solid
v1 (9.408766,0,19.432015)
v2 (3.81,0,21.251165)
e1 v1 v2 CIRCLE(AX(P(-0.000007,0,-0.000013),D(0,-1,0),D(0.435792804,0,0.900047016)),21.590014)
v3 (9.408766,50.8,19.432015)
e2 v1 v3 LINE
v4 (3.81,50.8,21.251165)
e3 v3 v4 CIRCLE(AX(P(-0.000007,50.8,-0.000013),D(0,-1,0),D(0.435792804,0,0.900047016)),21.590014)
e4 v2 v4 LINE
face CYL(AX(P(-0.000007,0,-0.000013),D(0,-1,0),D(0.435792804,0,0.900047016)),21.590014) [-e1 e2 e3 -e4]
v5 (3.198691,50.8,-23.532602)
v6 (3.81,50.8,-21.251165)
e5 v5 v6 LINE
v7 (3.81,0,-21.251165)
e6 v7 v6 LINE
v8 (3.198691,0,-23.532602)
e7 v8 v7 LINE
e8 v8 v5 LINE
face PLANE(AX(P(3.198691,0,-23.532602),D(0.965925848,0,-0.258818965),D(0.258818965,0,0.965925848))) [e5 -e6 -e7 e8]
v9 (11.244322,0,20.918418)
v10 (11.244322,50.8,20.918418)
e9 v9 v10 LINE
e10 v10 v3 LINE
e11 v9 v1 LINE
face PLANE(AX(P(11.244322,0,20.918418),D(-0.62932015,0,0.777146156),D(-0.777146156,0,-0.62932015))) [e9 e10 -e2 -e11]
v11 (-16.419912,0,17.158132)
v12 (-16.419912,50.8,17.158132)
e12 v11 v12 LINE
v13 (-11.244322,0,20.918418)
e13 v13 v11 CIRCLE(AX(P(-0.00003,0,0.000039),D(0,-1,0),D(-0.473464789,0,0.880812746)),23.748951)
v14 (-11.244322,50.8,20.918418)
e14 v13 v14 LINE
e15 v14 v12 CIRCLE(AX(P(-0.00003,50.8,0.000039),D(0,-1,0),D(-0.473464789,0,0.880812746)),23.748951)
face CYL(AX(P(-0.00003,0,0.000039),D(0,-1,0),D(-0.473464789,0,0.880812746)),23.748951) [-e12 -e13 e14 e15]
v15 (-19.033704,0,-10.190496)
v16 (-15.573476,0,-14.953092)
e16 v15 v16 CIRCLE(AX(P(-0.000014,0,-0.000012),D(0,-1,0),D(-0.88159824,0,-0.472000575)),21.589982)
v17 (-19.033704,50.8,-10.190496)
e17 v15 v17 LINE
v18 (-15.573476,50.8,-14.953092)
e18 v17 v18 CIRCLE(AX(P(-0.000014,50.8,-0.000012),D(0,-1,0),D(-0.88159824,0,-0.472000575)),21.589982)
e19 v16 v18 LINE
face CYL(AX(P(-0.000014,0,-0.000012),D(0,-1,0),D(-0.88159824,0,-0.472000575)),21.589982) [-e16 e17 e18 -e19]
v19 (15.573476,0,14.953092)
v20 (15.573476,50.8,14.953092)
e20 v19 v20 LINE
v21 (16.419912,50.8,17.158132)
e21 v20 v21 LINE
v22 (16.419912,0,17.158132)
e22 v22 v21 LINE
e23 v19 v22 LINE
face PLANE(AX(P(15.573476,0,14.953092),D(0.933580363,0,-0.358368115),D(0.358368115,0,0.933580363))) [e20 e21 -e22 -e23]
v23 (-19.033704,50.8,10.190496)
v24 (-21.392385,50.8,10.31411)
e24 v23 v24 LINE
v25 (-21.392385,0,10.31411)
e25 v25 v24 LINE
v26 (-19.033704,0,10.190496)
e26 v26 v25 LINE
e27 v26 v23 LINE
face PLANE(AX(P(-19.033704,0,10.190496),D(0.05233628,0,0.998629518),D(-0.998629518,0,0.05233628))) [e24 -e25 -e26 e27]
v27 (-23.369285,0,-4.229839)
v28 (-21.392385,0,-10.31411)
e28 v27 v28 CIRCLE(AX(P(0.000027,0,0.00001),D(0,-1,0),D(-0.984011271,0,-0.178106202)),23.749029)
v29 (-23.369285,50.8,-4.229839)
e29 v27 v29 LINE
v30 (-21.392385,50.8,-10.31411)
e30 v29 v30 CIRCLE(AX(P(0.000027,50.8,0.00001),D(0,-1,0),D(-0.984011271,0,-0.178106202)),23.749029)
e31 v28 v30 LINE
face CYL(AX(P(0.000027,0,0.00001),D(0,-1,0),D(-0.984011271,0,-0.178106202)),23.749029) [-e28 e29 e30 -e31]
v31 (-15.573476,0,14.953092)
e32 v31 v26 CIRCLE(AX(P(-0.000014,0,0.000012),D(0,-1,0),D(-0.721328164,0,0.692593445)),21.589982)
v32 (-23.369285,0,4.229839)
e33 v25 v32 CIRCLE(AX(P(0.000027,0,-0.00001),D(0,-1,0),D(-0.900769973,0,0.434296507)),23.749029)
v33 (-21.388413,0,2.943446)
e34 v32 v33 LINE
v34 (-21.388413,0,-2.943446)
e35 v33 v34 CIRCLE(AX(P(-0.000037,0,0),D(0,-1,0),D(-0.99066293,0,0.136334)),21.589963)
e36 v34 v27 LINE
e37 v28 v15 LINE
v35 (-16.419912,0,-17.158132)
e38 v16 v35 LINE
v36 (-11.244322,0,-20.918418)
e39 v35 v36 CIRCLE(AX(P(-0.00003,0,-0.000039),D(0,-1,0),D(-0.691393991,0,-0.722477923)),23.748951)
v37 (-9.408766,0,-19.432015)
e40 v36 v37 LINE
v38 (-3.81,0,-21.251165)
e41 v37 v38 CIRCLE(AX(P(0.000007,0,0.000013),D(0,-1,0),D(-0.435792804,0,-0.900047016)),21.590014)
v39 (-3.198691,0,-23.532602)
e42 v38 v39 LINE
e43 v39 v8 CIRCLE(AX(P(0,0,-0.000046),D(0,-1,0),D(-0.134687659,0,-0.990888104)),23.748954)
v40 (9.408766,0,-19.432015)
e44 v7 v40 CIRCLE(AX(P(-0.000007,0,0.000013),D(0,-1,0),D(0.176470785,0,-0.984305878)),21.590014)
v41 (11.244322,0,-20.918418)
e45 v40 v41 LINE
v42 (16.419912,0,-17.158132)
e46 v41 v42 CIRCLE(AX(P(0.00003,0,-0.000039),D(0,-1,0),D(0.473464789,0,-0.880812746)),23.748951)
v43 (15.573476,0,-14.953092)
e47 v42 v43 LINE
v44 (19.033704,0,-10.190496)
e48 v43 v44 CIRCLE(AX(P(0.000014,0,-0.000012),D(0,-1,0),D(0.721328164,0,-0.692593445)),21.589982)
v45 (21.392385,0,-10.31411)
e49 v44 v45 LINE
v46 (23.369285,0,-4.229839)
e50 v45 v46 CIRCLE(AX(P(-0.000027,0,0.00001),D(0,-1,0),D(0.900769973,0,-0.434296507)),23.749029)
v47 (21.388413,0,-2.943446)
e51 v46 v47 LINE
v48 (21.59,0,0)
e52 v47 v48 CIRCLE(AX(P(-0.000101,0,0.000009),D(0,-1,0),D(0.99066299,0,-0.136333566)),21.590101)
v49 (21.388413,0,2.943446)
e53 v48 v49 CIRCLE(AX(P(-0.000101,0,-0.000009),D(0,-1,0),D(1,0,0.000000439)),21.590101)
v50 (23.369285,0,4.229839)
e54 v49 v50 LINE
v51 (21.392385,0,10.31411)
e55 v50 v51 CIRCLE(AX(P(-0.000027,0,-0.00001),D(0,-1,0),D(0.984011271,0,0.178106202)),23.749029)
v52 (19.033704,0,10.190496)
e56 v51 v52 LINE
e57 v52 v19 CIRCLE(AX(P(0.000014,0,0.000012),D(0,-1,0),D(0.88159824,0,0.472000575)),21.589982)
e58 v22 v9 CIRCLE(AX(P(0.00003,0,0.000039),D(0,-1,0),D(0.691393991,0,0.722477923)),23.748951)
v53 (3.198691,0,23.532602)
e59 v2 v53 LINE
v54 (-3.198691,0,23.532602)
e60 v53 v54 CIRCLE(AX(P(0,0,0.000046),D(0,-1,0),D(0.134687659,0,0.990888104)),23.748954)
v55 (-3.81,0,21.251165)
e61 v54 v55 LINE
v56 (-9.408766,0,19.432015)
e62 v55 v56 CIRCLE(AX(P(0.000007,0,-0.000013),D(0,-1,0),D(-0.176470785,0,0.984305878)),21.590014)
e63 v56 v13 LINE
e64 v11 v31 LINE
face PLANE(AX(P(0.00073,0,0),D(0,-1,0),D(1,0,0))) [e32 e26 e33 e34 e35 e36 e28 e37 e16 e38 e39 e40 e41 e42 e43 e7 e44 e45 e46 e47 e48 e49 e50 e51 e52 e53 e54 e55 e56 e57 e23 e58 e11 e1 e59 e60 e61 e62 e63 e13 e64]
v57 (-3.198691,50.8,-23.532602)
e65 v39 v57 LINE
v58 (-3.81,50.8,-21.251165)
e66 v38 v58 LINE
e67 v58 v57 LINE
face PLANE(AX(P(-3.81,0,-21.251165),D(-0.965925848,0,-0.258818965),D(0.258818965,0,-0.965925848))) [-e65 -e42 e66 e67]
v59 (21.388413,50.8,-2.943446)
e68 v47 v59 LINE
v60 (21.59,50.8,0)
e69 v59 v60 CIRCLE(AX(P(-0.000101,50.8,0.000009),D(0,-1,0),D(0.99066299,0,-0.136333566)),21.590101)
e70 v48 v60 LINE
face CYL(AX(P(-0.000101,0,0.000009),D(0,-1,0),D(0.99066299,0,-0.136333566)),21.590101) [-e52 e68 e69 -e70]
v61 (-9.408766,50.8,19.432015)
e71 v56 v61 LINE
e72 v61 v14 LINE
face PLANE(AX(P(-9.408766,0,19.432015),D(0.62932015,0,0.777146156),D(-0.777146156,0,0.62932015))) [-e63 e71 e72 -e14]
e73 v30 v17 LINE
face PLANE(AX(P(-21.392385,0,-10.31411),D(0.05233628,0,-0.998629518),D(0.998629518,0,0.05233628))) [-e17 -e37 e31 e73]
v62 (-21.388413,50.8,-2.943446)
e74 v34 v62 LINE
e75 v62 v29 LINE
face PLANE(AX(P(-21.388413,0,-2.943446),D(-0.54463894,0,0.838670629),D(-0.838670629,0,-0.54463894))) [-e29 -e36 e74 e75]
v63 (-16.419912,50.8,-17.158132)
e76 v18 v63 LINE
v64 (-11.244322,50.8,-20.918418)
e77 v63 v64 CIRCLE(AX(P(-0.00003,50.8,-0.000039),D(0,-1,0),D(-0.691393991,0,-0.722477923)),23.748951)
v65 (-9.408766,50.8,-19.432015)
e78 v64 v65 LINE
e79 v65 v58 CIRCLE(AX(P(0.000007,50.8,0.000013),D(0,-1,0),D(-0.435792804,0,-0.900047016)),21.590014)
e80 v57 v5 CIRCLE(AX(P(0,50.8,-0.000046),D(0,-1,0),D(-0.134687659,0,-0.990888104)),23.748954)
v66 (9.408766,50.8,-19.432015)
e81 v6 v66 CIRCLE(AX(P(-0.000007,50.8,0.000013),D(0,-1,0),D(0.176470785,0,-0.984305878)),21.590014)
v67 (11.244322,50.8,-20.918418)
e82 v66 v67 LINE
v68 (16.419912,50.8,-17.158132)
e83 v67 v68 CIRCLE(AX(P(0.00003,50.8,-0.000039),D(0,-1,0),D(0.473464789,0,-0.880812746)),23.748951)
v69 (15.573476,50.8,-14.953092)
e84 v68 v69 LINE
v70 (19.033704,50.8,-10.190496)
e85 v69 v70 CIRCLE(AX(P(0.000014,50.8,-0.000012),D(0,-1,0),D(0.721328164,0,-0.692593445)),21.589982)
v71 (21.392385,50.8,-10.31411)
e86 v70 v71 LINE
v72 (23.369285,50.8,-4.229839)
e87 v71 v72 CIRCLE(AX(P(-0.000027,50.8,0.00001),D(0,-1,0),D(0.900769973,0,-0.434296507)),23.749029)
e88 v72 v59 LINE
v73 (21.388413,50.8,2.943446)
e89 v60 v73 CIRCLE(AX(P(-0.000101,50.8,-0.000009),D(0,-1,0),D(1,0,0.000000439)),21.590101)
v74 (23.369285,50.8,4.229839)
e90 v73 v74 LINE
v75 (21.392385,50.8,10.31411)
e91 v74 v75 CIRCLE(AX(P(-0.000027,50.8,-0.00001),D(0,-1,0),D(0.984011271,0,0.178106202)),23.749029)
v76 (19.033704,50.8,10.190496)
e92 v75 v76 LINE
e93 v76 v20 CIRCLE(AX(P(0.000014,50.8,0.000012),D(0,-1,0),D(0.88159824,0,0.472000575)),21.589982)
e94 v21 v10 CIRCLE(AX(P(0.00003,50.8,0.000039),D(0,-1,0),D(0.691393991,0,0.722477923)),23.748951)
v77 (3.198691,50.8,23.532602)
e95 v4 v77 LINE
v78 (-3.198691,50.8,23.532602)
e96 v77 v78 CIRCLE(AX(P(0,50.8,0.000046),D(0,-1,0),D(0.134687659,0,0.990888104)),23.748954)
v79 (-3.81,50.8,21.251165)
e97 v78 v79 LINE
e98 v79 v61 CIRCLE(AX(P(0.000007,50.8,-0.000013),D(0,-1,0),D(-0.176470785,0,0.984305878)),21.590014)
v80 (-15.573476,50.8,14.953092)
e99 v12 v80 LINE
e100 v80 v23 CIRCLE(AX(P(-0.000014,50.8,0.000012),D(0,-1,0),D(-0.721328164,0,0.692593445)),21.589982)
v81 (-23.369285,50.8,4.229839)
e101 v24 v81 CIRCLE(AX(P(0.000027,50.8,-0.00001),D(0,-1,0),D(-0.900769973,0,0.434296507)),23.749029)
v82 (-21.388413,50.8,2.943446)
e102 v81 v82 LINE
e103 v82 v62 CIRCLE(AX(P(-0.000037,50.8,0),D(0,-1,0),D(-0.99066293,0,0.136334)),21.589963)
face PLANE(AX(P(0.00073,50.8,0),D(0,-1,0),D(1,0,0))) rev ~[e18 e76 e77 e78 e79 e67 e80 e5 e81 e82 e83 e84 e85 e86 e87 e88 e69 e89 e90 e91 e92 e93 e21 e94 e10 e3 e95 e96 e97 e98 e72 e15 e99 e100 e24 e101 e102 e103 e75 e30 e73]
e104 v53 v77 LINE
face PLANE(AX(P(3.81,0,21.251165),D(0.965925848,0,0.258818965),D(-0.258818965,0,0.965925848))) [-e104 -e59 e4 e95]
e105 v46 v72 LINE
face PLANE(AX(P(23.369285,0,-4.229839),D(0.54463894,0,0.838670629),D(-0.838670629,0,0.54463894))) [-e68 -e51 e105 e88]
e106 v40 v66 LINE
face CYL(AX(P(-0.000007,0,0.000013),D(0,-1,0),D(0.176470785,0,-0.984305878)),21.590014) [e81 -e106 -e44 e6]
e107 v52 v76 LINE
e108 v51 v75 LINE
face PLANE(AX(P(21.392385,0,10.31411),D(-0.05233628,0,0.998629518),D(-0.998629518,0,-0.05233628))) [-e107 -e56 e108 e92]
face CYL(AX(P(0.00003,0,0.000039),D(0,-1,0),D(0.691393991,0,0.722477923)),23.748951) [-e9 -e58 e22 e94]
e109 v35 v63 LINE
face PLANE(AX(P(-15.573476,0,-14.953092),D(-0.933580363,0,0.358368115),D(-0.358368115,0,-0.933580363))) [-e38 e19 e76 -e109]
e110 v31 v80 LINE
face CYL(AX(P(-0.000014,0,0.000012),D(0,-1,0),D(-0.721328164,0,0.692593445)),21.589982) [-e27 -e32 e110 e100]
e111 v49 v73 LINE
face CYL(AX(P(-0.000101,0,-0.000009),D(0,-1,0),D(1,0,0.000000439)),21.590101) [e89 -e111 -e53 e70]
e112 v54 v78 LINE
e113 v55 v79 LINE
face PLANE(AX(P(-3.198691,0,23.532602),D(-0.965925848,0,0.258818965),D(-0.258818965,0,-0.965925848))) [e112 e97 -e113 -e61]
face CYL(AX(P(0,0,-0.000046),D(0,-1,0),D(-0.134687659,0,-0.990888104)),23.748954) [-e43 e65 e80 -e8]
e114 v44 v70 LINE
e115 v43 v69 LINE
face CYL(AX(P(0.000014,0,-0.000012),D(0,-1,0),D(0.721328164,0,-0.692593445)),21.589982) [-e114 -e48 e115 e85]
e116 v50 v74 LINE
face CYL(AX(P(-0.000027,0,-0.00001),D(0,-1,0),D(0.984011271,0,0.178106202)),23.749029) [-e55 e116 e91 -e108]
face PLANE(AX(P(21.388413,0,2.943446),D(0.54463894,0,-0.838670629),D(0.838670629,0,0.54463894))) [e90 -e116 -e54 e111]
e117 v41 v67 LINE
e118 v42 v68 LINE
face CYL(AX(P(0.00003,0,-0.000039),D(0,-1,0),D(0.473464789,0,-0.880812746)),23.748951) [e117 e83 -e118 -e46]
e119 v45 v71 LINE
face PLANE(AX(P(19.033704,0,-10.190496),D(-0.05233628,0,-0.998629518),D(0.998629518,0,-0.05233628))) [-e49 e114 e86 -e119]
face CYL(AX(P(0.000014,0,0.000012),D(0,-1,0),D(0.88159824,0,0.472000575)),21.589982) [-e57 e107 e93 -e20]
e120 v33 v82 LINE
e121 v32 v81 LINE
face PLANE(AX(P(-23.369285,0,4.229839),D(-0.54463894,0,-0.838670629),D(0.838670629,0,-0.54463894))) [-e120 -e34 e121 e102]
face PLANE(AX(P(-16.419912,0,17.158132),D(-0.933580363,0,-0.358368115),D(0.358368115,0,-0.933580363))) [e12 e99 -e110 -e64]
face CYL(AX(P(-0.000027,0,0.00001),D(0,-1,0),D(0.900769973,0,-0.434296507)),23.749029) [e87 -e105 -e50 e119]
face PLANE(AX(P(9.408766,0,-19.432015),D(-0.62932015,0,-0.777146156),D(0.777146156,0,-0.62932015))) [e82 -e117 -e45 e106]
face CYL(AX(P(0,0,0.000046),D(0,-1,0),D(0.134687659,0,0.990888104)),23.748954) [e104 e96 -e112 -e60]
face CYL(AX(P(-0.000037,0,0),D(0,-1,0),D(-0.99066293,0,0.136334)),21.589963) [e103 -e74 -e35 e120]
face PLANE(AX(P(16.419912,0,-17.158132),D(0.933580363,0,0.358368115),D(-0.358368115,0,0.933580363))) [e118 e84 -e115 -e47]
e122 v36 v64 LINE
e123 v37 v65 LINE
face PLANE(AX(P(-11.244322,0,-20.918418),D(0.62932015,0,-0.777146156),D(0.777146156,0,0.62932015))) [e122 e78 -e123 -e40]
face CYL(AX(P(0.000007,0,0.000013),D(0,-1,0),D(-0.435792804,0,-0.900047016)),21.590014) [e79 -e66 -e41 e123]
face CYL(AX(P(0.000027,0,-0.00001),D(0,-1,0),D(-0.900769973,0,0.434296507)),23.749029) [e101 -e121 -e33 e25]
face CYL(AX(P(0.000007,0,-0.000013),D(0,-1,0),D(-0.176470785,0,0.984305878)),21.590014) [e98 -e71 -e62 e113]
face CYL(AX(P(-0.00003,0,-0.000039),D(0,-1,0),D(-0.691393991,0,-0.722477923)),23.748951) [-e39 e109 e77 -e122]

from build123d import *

# Parameters (mm, degrees)
F1_DEPTH = 50.8


with BuildPart() as f1:
    # F0 (on Front) → F1 (new body)
    with BuildSketch(Plane.XZ):
        with BuildLine():
            ThreePointArc((21.388413, -2.943446), (21.539544, -1.47517), (21.59, 0))
            ThreePointArc((21.59, 0), (21.539544, 1.47517), (21.388413, 2.943446))
            ThreePointArc((21.388413, 2.943446), (20.53331, 6.671677), (19.033704, 10.190496))
            ThreePointArc((19.033704, 10.190496), (17.466677, 12.690284), (15.573476, 14.953092))
            ThreePointArc((15.573476, 14.953092), (12.690284, 17.466677), (9.408766, 19.432015))
            ThreePointArc((9.408766, 19.432015), (6.671677, 20.53331), (3.81, 21.251165))
            ThreePointArc((3.81, 21.251165), (0, 21.59), (-3.81, 21.251165))
            ThreePointArc((-3.81, 21.251165), (-6.671677, 20.53331), (-9.408766, 19.432015))
            ThreePointArc((-9.408766, 19.432015), (-12.690284, 17.466677), (-15.573476, 14.953092))
            ThreePointArc((-15.573476, 14.953092), (-17.466677, 12.690284), (-19.033704, 10.190496))
            ThreePointArc((-19.033704, 10.190496), (-20.53331, 6.671677), (-21.388413, 2.943446))
            ThreePointArc((-21.388413, 2.943446), (-21.59, 0), (-21.388413, -2.943446))
            ThreePointArc((-21.388413, -2.943446), (-20.53331, -6.671677), (-19.033704, -10.190496))
            ThreePointArc((-19.033704, -10.190496), (-17.466677, -12.690284), (-15.573476, -14.953092))
            ThreePointArc((-15.573476, -14.953092), (-12.690284, -17.466677), (-9.408766, -19.432015))
            ThreePointArc((-9.408766, -19.432015), (-6.671677, -20.53331), (-3.81, -21.251165))
            ThreePointArc((-3.81, -21.251165), (0, -21.59), (3.81, -21.251165))
            ThreePointArc((3.81, -21.251165), (6.671677, -20.53331), (9.408766, -19.432015))
            ThreePointArc((9.408766, -19.432015), (12.690284, -17.466677), (15.573476, -14.953092))
            ThreePointArc((15.573476, -14.953092), (17.466677, -12.690284), (19.033704, -10.190496))
            ThreePointArc((19.033704, -10.190496), (20.53331, -6.671677), (21.388413, -2.943446))
        make_face()
        with BuildLine():
            ThreePointArc((-3.81, 21.251165), (0, 21.59), (3.81, 21.251165))
            Line((3.81, 21.251165), (3.198691, 23.532602))
            ThreePointArc((3.198691, 23.532602), (0, 23.749), (-3.198691, 23.532602))
            Line((-3.198691, 23.532602), (-3.81, 21.251165))
        make_face()
        with BuildLine():
            ThreePointArc((9.408766, 19.432015), (12.690284, 17.466677), (15.573476, 14.953092))
            Line((15.573476, 14.953092), (16.419912, 17.158132))
            ThreePointArc((16.419912, 17.158132), (13.959312, 19.213345), (11.244322, 20.918418))
            Line((11.244322, 20.918418), (9.408766, 19.432015))
        make_face()
        with BuildLine():
            ThreePointArc((19.033704, 10.190496), (20.53331, 6.671677), (21.388413, 2.943446))
            Line((21.388413, 2.943446), (23.369285, 4.229839))
            ThreePointArc((23.369285, 4.229839), (22.586641, 7.338845), (21.392385, 10.31411))
            Line((21.392385, 10.31411), (19.033704, 10.190496))
        make_face()
        with BuildLine():
            Line((23.369285, -4.229839), (21.388413, -2.943446))
            ThreePointArc((21.388413, -2.943446), (20.53331, -6.671677), (19.033704, -10.190496))
            Line((19.033704, -10.190496), (21.392385, -10.31411))
            ThreePointArc((21.392385, -10.31411), (22.586641, -7.338845), (23.369285, -4.229839))
        make_face()
        with BuildLine():
            Line((16.419912, -17.158132), (15.573476, -14.953092))
            ThreePointArc((15.573476, -14.953092), (12.690284, -17.466677), (9.408766, -19.432015))
            Line((9.408766, -19.432015), (11.244322, -20.918418))
            ThreePointArc((11.244322, -20.918418), (13.959312, -19.213345), (16.419912, -17.158132))
        make_face()
        with BuildLine():
            Line((3.198691, -23.532602), (3.81, -21.251165))
            ThreePointArc((3.81, -21.251165), (0, -21.59), (-3.81, -21.251165))
            Line((-3.81, -21.251165), (-3.198691, -23.532602))
            ThreePointArc((-3.198691, -23.532602), (0, -23.749), (3.198691, -23.532602))
        make_face()
        with BuildLine():
            Line((-11.244322, -20.918418), (-9.408766, -19.432015))
            ThreePointArc((-9.408766, -19.432015), (-12.690284, -17.466677), (-15.573476, -14.953092))
            Line((-15.573476, -14.953092), (-16.419912, -17.158132))
            ThreePointArc((-16.419912, -17.158132), (-13.959312, -19.213345), (-11.244322, -20.918418))
        make_face()
        with BuildLine():
            Line((-21.392385, -10.31411), (-19.033704, -10.190496))
            ThreePointArc((-19.033704, -10.190496), (-20.53331, -6.671677), (-21.388413, -2.943446))
            Line((-21.388413, -2.943446), (-23.369285, -4.229839))
            ThreePointArc((-23.369285, -4.229839), (-22.586641, -7.338845), (-21.392385, -10.31411))
        make_face()
        with BuildLine():
            ThreePointArc((-21.388413, 2.943446), (-20.53331, 6.671677), (-19.033704, 10.190496))
            Line((-19.033704, 10.190496), (-21.392385, 10.31411))
            ThreePointArc((-21.392385, 10.31411), (-22.586641, 7.338845), (-23.369285, 4.229839))
            Line((-23.369285, 4.229839), (-21.388413, 2.943446))
        make_face()
        with BuildLine():
            ThreePointArc((-15.573476, 14.953092), (-12.690284, 17.466677), (-9.408766, 19.432015))
            Line((-9.408766, 19.432015), (-11.244322, 20.918418))
            ThreePointArc((-11.244322, 20.918418), (-13.959312, 19.213345), (-16.419912, 17.158132))
            Line((-16.419912, 17.158132), (-15.573476, 14.953092))
        make_face()
    extrude(amount=-F1_DEPTH)


solid = f1.part
